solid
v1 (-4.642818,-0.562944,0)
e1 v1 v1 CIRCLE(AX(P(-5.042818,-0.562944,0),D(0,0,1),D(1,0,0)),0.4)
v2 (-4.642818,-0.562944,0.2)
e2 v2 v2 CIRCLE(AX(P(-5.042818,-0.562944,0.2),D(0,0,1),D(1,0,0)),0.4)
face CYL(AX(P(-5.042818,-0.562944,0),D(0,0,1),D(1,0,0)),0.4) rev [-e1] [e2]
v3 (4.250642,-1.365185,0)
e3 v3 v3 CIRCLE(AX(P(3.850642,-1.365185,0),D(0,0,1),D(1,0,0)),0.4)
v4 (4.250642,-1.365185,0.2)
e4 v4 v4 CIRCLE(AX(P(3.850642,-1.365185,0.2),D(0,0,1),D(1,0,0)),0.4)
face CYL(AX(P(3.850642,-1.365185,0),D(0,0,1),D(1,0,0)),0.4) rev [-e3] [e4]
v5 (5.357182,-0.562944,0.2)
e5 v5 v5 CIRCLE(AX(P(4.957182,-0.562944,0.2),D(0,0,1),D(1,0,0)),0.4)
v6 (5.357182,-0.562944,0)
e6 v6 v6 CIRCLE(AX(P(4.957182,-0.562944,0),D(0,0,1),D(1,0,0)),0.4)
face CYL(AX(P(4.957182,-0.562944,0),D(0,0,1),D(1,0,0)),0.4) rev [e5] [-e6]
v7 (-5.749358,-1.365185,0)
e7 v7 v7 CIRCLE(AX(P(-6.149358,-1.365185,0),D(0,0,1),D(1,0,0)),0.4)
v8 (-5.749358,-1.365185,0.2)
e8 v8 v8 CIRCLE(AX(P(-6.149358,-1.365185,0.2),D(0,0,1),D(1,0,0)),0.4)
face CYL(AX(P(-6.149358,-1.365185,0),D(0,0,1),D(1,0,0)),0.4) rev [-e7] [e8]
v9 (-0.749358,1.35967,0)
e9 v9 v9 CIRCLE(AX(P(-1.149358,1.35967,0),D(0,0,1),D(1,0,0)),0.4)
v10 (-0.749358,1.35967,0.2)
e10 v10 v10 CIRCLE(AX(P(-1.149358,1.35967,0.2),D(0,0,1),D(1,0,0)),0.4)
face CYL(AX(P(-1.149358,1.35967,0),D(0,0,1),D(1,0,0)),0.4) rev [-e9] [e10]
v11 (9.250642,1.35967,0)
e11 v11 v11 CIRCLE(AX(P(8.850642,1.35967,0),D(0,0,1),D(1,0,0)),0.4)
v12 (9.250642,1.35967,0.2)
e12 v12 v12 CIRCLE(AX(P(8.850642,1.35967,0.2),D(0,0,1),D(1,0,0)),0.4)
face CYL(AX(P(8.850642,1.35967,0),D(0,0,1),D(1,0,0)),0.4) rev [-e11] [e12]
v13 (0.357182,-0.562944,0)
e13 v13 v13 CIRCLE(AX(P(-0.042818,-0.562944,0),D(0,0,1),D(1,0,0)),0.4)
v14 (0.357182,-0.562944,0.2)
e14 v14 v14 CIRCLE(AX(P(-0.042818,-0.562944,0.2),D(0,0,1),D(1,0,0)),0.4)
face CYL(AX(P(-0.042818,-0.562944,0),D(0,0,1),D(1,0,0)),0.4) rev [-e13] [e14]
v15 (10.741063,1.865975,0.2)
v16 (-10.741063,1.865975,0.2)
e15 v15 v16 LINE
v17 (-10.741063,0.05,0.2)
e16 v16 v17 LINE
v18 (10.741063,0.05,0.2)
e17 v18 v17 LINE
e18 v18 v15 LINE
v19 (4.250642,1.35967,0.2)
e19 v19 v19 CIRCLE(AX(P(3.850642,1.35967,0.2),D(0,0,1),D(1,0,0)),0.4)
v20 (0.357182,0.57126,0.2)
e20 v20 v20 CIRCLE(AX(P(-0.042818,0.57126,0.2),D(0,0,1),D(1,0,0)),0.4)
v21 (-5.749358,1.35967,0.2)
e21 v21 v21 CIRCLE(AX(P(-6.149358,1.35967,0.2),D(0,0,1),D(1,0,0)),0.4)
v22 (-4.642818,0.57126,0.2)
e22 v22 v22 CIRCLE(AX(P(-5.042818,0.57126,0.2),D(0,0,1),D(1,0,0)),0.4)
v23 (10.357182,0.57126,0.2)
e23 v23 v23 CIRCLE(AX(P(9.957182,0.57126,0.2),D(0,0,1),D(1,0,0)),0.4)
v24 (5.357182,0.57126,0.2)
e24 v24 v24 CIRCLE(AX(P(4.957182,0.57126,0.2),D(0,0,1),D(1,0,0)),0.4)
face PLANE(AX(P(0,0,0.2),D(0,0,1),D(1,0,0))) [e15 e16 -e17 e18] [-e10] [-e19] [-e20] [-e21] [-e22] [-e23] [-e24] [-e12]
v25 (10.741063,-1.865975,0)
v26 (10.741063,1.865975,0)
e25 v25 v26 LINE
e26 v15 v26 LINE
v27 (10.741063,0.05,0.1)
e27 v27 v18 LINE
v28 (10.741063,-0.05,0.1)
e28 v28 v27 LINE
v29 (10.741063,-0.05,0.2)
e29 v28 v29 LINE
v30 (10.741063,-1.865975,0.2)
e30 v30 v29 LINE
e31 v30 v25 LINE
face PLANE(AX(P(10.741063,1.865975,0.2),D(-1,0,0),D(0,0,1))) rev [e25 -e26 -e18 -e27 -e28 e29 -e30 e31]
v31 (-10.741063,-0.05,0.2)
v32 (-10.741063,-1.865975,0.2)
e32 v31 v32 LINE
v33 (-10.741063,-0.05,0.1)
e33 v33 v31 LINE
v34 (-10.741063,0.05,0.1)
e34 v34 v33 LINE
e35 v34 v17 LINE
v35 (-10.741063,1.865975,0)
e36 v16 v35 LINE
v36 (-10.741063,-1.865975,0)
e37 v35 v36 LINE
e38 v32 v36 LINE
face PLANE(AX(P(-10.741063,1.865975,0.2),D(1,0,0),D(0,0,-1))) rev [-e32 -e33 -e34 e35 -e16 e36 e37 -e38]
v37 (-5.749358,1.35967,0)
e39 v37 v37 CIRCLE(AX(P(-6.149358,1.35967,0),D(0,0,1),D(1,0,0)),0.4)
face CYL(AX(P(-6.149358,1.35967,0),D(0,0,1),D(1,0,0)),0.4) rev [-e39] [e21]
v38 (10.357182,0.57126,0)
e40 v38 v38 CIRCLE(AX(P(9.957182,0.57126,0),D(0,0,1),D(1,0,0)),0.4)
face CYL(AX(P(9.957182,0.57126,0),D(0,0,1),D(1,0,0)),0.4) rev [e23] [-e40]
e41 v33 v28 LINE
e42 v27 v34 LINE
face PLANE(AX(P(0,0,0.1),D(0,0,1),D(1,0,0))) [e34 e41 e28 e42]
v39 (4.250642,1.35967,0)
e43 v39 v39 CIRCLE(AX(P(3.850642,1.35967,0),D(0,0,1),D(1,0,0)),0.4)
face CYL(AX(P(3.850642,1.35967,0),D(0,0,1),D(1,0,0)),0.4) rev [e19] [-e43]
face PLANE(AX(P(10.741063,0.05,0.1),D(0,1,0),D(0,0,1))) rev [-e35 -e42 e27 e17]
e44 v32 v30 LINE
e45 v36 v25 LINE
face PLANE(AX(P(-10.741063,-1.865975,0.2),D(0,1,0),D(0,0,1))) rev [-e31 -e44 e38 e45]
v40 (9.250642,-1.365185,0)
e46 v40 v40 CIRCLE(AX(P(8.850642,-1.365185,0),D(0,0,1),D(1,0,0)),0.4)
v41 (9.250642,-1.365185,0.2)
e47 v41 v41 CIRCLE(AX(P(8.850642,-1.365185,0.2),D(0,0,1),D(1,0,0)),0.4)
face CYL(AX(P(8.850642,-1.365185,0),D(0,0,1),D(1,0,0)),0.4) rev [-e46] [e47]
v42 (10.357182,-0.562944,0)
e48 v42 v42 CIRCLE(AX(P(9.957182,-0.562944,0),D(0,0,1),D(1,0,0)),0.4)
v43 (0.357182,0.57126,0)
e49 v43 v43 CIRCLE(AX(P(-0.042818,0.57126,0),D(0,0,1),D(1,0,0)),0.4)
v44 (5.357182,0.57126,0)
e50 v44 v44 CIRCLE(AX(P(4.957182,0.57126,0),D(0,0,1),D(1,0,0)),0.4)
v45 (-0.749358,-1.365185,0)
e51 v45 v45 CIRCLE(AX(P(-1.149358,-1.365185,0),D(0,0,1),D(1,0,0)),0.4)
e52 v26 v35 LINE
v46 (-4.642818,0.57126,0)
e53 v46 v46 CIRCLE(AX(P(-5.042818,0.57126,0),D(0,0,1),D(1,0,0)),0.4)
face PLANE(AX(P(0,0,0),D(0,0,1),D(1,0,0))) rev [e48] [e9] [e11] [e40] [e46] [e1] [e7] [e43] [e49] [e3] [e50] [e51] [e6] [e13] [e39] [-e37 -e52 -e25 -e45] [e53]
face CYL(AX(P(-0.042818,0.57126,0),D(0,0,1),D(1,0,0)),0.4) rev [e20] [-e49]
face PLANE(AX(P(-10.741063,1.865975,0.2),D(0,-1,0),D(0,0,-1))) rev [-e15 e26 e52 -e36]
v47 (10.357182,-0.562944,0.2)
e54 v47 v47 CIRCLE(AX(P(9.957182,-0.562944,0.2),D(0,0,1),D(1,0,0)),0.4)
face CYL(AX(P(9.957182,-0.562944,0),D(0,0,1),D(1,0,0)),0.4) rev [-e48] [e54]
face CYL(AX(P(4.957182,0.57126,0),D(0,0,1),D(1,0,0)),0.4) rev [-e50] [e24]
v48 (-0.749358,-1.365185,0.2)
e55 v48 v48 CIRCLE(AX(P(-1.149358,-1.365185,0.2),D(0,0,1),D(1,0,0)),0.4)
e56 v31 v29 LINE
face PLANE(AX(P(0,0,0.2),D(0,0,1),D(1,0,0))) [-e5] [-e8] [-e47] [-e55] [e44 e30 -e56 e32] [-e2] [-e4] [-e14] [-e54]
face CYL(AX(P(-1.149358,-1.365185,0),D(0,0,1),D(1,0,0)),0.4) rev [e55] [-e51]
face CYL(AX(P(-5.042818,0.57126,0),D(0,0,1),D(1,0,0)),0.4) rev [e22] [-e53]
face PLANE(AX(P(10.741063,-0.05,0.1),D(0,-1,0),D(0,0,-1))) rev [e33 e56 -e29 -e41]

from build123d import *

# Parameters (mm, degrees)
SKIZZE1_W                       = 21.482125196
SKIZZE1_H                       = 3.731950896
AUFSATZ_LINEAR_AUSTRAGEN1_DEPTH = 0.2
SKIZZE2_W                       = 21.482125196
SKIZZE2_H                       = 0.1
SCHNITT_LINEAR_AUSTRAGEN1_DEPTH = 0.1
SKIZZE3_R                       = 0.4
SCHNITT_LINEAR_AUSTRAGEN2_DEPTH = 1.2
LINEARES_MUSTER1_COUNT          = 4
LINEARES_MUSTER1_PITCH          = 5


with BuildPart() as part:
    # Skizze1 → Aufsatz-Linear austragen1 (new body)
    with BuildSketch(Plane.XY):
        Rectangle(SKIZZE1_W, SKIZZE1_H)
    extrude(amount=AUFSATZ_LINEAR_AUSTRAGEN1_DEPTH)

    # Skizze2 → Schnitt-Linear austragen1 (cut)
    with BuildSketch(Plane.XY.offset(0.2)):
        Rectangle(SKIZZE2_W, SKIZZE2_H)
    extrude(amount=-SCHNITT_LINEAR_AUSTRAGEN1_DEPTH, mode=Mode.SUBTRACT)

    # Skizze3 → Schnitt-Linear austragen2 (cut, through all)
    with BuildSketch(Plane.XY.offset(0.2)):
        with Locations((9.957181888, -0.562943668)):
            Circle(SKIZZE3_R)
        with Locations((8.850641756, -1.365185264)):
            Circle(SKIZZE3_R)
        with Locations((9.957181888, 0.571259967)):
            Circle(SKIZZE3_R)
        with Locations((8.850641756, 1.359669812)):
            Circle(SKIZZE3_R)
    schnitt_linear_austragen2 = extrude(amount=-SCHNITT_LINEAR_AUSTRAGEN2_DEPTH, mode=Mode.SUBTRACT)

    # Lineares Muster1: Schnitt-Linear austragen2 ×4
    with Locations(*[(-i * LINEARES_MUSTER1_PITCH, 0, 0) for i in range(1, LINEARES_MUSTER1_COUNT)]):
        add(schnitt_linear_austragen2, mode=Mode.SUBTRACT)


solid = part.part
